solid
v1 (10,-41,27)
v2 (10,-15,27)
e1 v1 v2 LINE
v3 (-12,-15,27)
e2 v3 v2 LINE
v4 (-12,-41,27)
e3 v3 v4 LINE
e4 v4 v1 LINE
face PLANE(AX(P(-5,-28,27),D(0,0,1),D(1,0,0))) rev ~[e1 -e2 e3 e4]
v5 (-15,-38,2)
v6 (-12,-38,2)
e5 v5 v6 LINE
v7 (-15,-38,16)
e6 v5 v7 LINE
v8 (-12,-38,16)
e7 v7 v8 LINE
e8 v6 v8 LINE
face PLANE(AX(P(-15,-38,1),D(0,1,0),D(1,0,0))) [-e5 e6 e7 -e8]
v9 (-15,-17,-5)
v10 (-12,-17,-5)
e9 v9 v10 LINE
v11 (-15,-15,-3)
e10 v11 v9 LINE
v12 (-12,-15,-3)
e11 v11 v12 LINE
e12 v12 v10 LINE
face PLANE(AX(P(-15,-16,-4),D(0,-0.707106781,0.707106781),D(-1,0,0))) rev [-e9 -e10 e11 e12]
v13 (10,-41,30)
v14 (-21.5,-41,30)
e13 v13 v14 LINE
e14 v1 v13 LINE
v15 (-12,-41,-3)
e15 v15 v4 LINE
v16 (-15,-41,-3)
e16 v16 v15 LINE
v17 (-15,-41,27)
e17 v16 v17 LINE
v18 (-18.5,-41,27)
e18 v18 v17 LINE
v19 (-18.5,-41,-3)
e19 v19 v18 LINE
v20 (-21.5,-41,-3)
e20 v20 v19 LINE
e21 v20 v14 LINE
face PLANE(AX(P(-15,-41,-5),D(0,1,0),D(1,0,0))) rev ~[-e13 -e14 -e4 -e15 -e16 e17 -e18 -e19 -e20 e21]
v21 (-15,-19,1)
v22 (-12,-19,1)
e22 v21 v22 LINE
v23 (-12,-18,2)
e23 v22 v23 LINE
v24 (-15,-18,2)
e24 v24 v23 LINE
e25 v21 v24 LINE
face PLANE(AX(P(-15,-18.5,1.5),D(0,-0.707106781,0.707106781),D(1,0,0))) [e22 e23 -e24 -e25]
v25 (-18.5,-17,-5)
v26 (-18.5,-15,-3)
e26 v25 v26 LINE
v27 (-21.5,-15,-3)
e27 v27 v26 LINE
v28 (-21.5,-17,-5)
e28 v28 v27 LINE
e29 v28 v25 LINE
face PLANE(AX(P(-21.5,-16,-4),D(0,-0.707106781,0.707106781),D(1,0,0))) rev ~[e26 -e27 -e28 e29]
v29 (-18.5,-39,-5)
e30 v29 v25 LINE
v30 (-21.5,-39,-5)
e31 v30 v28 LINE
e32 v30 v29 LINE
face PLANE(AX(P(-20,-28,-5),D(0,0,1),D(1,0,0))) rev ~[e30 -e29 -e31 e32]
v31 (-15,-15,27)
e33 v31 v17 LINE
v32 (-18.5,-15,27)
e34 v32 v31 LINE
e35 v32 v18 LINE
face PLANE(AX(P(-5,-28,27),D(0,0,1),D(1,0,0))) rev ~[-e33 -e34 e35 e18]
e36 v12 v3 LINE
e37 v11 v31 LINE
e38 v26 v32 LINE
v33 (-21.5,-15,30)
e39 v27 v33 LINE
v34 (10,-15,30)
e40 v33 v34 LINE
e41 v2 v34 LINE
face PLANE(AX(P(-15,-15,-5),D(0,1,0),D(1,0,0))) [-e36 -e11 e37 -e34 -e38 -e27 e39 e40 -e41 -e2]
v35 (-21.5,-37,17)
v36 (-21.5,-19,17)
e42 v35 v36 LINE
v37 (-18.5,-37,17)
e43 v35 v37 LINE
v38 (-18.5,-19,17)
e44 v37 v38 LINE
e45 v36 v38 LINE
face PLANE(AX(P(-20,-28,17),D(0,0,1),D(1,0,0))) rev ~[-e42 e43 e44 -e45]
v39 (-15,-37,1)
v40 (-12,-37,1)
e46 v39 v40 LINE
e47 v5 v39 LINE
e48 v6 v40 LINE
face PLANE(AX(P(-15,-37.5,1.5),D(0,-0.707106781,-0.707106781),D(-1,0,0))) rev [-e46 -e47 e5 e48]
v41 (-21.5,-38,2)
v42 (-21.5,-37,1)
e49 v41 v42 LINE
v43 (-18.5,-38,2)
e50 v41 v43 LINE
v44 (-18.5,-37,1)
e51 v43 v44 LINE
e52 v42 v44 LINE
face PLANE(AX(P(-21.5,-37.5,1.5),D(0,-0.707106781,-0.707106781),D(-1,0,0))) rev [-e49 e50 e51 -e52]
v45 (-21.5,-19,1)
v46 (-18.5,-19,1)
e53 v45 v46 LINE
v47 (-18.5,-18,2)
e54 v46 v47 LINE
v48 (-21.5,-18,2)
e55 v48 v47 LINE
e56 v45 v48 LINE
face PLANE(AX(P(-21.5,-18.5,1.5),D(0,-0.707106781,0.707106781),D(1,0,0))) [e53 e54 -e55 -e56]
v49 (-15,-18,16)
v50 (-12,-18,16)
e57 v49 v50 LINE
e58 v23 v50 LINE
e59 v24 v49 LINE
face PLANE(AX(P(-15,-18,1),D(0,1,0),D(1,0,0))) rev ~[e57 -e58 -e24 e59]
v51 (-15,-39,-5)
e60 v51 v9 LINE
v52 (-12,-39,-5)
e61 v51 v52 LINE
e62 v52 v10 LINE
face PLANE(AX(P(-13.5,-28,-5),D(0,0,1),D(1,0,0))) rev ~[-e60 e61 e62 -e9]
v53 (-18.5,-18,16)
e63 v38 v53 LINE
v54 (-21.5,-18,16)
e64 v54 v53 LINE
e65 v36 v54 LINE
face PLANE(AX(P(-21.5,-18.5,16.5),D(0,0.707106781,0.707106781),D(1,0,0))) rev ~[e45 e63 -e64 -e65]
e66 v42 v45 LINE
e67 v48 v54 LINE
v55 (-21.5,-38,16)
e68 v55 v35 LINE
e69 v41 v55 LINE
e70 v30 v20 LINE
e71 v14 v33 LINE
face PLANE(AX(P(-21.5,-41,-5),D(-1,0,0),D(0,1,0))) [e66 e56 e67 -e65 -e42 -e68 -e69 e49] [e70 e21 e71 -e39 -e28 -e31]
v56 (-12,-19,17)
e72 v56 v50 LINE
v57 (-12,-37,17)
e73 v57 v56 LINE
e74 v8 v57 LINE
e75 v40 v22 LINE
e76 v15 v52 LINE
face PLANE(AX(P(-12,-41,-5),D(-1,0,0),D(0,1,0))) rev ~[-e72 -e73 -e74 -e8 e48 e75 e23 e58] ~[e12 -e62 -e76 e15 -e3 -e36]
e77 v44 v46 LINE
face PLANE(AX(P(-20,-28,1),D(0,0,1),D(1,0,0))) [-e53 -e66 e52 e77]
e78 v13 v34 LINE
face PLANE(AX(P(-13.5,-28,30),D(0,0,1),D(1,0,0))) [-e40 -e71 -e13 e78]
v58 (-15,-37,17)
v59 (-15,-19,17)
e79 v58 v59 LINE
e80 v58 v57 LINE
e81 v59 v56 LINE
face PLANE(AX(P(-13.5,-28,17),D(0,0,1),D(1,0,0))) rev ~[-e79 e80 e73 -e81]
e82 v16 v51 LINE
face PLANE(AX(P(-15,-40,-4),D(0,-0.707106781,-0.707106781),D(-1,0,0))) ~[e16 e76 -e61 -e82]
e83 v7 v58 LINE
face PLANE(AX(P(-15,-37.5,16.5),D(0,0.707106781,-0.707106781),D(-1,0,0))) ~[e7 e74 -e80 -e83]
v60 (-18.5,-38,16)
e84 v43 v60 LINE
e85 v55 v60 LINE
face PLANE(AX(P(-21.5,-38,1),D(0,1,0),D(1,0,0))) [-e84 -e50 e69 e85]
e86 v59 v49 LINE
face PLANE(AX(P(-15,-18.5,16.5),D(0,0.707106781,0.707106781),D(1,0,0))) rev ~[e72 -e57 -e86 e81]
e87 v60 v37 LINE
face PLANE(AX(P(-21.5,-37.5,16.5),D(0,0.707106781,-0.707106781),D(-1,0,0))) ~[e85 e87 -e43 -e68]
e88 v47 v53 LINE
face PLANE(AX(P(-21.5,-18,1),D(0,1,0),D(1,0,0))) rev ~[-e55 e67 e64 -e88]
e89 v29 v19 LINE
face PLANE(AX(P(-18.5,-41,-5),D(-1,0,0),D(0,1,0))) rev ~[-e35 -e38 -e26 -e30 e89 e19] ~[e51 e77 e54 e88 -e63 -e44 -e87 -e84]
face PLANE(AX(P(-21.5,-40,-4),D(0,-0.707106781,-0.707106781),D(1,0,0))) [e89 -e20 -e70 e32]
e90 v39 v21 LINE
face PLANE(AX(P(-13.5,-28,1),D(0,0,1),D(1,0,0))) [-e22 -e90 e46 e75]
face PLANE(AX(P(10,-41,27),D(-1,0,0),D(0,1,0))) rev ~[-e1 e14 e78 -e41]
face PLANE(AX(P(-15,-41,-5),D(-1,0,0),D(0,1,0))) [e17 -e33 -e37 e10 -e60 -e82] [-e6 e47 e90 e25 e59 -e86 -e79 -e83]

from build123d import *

# Parameters (mm, degrees)
BOX075_W              = 3
BOX075_H              = 20
BOX075_DEPTH          = 16
BOX072_W              = 3
BOX072_H              = 26
BOX072_DEPTH          = 35
BOX076_W              = 3
BOX076_H              = 20
BOX076_DEPTH          = 16
BOX073_W              = 3
BOX073_H              = 26
BOX073_DEPTH          = 35
BOX074_W              = 30
BOX074_H              = 26
BOX074_DEPTH          = 3
CHAMFER006057009_SIZE = 2
CHAMFER006057010_SIZE = 1


with BuildPart() as cube075:
    # Box075 → Box075 (new body)
    with BuildSketch(Plane(origin=(-21.5, -38, 1), x_dir=(1, 0, 0), z_dir=(0, 0, 1))):
        with Locations((1.5, 10)):
            Rectangle(BOX075_W, BOX075_H)
    extrude(amount=BOX075_DEPTH)


with BuildPart() as cut019003010004002005007005:
    # Box072 → Box072 (new body)
    with BuildSketch(Plane(origin=(-21.5, -41, -5), x_dir=(1, 0, 0), z_dir=(0, 0, 1))):
        with Locations((1.5, 13)):
            Rectangle(BOX072_W, BOX072_H)
    extrude(amount=BOX072_DEPTH)

    # Cut019003010004002005007005: cut Cube075
    add(cube075.part, mode=Mode.SUBTRACT)


with BuildPart() as cube076:
    # Box076 → Box076 (new body)
    with BuildSketch(Plane(origin=(-15, -38, 1), x_dir=(1, 0, 0), z_dir=(0, 0, 1))):
        with Locations((1.5, 10)):
            Rectangle(BOX076_W, BOX076_H)
    extrude(amount=BOX076_DEPTH)


with BuildPart() as cut019003010004002005007004:
    # Box073 → Box073 (new body)
    with BuildSketch(Plane(origin=(-15, -41, -5), x_dir=(1, 0, 0), z_dir=(0, 0, 1))):
        with Locations((1.5, 13)):
            Rectangle(BOX073_W, BOX073_H)
    extrude(amount=BOX073_DEPTH)

    # Cut019003010004002005007004: cut Cube076
    add(cube076.part, mode=Mode.SUBTRACT)


with BuildPart() as chamfer006057010:
    # Box074 → Box074 (new body)
    with BuildSketch(Plane(origin=(-20, -41, 27), x_dir=(1, 0, 0), z_dir=(0, 0, 1))):
        with Locations((15, 13)):
            Rectangle(BOX074_W, BOX074_H)
    extrude(amount=BOX074_DEPTH)

    # Fusion020006007003002009018004004020010005023: union Cut019003010004002005007005, Cut019003010004002005007004
    add(cut019003010004002005007005.part)
    add(cut019003010004002005007004.part)

    # Chamfer006057009
    chamfer006057009_edges = [chamfer006057010.edges().sort_by_distance(p)[0] for p in [
        (-20, -41, -5),
        (-20, -15, -5),
        (-13.5, -41, -5),
        (-13.5, -15, -5),
    ]]
    chamfer(chamfer006057009_edges, length=CHAMFER006057009_SIZE)

    # Chamfer006057010
    chamfer006057010_edges = [chamfer006057010.edges().sort_by_distance(p)[0] for p in [
        (-20, -38, 1),
        (-20, -38, 17),
        (-20, -18, 17),
        (-20, -18, 1),
        (-13.5, -38, 1),
        (-13.5, -38, 17),
        (-13.5, -18, 17),
        (-13.5, -18, 1),
    ]]
    chamfer(chamfer006057010_edges, length=CHAMFER006057010_SIZE)


solid = chamfer006057010.part
